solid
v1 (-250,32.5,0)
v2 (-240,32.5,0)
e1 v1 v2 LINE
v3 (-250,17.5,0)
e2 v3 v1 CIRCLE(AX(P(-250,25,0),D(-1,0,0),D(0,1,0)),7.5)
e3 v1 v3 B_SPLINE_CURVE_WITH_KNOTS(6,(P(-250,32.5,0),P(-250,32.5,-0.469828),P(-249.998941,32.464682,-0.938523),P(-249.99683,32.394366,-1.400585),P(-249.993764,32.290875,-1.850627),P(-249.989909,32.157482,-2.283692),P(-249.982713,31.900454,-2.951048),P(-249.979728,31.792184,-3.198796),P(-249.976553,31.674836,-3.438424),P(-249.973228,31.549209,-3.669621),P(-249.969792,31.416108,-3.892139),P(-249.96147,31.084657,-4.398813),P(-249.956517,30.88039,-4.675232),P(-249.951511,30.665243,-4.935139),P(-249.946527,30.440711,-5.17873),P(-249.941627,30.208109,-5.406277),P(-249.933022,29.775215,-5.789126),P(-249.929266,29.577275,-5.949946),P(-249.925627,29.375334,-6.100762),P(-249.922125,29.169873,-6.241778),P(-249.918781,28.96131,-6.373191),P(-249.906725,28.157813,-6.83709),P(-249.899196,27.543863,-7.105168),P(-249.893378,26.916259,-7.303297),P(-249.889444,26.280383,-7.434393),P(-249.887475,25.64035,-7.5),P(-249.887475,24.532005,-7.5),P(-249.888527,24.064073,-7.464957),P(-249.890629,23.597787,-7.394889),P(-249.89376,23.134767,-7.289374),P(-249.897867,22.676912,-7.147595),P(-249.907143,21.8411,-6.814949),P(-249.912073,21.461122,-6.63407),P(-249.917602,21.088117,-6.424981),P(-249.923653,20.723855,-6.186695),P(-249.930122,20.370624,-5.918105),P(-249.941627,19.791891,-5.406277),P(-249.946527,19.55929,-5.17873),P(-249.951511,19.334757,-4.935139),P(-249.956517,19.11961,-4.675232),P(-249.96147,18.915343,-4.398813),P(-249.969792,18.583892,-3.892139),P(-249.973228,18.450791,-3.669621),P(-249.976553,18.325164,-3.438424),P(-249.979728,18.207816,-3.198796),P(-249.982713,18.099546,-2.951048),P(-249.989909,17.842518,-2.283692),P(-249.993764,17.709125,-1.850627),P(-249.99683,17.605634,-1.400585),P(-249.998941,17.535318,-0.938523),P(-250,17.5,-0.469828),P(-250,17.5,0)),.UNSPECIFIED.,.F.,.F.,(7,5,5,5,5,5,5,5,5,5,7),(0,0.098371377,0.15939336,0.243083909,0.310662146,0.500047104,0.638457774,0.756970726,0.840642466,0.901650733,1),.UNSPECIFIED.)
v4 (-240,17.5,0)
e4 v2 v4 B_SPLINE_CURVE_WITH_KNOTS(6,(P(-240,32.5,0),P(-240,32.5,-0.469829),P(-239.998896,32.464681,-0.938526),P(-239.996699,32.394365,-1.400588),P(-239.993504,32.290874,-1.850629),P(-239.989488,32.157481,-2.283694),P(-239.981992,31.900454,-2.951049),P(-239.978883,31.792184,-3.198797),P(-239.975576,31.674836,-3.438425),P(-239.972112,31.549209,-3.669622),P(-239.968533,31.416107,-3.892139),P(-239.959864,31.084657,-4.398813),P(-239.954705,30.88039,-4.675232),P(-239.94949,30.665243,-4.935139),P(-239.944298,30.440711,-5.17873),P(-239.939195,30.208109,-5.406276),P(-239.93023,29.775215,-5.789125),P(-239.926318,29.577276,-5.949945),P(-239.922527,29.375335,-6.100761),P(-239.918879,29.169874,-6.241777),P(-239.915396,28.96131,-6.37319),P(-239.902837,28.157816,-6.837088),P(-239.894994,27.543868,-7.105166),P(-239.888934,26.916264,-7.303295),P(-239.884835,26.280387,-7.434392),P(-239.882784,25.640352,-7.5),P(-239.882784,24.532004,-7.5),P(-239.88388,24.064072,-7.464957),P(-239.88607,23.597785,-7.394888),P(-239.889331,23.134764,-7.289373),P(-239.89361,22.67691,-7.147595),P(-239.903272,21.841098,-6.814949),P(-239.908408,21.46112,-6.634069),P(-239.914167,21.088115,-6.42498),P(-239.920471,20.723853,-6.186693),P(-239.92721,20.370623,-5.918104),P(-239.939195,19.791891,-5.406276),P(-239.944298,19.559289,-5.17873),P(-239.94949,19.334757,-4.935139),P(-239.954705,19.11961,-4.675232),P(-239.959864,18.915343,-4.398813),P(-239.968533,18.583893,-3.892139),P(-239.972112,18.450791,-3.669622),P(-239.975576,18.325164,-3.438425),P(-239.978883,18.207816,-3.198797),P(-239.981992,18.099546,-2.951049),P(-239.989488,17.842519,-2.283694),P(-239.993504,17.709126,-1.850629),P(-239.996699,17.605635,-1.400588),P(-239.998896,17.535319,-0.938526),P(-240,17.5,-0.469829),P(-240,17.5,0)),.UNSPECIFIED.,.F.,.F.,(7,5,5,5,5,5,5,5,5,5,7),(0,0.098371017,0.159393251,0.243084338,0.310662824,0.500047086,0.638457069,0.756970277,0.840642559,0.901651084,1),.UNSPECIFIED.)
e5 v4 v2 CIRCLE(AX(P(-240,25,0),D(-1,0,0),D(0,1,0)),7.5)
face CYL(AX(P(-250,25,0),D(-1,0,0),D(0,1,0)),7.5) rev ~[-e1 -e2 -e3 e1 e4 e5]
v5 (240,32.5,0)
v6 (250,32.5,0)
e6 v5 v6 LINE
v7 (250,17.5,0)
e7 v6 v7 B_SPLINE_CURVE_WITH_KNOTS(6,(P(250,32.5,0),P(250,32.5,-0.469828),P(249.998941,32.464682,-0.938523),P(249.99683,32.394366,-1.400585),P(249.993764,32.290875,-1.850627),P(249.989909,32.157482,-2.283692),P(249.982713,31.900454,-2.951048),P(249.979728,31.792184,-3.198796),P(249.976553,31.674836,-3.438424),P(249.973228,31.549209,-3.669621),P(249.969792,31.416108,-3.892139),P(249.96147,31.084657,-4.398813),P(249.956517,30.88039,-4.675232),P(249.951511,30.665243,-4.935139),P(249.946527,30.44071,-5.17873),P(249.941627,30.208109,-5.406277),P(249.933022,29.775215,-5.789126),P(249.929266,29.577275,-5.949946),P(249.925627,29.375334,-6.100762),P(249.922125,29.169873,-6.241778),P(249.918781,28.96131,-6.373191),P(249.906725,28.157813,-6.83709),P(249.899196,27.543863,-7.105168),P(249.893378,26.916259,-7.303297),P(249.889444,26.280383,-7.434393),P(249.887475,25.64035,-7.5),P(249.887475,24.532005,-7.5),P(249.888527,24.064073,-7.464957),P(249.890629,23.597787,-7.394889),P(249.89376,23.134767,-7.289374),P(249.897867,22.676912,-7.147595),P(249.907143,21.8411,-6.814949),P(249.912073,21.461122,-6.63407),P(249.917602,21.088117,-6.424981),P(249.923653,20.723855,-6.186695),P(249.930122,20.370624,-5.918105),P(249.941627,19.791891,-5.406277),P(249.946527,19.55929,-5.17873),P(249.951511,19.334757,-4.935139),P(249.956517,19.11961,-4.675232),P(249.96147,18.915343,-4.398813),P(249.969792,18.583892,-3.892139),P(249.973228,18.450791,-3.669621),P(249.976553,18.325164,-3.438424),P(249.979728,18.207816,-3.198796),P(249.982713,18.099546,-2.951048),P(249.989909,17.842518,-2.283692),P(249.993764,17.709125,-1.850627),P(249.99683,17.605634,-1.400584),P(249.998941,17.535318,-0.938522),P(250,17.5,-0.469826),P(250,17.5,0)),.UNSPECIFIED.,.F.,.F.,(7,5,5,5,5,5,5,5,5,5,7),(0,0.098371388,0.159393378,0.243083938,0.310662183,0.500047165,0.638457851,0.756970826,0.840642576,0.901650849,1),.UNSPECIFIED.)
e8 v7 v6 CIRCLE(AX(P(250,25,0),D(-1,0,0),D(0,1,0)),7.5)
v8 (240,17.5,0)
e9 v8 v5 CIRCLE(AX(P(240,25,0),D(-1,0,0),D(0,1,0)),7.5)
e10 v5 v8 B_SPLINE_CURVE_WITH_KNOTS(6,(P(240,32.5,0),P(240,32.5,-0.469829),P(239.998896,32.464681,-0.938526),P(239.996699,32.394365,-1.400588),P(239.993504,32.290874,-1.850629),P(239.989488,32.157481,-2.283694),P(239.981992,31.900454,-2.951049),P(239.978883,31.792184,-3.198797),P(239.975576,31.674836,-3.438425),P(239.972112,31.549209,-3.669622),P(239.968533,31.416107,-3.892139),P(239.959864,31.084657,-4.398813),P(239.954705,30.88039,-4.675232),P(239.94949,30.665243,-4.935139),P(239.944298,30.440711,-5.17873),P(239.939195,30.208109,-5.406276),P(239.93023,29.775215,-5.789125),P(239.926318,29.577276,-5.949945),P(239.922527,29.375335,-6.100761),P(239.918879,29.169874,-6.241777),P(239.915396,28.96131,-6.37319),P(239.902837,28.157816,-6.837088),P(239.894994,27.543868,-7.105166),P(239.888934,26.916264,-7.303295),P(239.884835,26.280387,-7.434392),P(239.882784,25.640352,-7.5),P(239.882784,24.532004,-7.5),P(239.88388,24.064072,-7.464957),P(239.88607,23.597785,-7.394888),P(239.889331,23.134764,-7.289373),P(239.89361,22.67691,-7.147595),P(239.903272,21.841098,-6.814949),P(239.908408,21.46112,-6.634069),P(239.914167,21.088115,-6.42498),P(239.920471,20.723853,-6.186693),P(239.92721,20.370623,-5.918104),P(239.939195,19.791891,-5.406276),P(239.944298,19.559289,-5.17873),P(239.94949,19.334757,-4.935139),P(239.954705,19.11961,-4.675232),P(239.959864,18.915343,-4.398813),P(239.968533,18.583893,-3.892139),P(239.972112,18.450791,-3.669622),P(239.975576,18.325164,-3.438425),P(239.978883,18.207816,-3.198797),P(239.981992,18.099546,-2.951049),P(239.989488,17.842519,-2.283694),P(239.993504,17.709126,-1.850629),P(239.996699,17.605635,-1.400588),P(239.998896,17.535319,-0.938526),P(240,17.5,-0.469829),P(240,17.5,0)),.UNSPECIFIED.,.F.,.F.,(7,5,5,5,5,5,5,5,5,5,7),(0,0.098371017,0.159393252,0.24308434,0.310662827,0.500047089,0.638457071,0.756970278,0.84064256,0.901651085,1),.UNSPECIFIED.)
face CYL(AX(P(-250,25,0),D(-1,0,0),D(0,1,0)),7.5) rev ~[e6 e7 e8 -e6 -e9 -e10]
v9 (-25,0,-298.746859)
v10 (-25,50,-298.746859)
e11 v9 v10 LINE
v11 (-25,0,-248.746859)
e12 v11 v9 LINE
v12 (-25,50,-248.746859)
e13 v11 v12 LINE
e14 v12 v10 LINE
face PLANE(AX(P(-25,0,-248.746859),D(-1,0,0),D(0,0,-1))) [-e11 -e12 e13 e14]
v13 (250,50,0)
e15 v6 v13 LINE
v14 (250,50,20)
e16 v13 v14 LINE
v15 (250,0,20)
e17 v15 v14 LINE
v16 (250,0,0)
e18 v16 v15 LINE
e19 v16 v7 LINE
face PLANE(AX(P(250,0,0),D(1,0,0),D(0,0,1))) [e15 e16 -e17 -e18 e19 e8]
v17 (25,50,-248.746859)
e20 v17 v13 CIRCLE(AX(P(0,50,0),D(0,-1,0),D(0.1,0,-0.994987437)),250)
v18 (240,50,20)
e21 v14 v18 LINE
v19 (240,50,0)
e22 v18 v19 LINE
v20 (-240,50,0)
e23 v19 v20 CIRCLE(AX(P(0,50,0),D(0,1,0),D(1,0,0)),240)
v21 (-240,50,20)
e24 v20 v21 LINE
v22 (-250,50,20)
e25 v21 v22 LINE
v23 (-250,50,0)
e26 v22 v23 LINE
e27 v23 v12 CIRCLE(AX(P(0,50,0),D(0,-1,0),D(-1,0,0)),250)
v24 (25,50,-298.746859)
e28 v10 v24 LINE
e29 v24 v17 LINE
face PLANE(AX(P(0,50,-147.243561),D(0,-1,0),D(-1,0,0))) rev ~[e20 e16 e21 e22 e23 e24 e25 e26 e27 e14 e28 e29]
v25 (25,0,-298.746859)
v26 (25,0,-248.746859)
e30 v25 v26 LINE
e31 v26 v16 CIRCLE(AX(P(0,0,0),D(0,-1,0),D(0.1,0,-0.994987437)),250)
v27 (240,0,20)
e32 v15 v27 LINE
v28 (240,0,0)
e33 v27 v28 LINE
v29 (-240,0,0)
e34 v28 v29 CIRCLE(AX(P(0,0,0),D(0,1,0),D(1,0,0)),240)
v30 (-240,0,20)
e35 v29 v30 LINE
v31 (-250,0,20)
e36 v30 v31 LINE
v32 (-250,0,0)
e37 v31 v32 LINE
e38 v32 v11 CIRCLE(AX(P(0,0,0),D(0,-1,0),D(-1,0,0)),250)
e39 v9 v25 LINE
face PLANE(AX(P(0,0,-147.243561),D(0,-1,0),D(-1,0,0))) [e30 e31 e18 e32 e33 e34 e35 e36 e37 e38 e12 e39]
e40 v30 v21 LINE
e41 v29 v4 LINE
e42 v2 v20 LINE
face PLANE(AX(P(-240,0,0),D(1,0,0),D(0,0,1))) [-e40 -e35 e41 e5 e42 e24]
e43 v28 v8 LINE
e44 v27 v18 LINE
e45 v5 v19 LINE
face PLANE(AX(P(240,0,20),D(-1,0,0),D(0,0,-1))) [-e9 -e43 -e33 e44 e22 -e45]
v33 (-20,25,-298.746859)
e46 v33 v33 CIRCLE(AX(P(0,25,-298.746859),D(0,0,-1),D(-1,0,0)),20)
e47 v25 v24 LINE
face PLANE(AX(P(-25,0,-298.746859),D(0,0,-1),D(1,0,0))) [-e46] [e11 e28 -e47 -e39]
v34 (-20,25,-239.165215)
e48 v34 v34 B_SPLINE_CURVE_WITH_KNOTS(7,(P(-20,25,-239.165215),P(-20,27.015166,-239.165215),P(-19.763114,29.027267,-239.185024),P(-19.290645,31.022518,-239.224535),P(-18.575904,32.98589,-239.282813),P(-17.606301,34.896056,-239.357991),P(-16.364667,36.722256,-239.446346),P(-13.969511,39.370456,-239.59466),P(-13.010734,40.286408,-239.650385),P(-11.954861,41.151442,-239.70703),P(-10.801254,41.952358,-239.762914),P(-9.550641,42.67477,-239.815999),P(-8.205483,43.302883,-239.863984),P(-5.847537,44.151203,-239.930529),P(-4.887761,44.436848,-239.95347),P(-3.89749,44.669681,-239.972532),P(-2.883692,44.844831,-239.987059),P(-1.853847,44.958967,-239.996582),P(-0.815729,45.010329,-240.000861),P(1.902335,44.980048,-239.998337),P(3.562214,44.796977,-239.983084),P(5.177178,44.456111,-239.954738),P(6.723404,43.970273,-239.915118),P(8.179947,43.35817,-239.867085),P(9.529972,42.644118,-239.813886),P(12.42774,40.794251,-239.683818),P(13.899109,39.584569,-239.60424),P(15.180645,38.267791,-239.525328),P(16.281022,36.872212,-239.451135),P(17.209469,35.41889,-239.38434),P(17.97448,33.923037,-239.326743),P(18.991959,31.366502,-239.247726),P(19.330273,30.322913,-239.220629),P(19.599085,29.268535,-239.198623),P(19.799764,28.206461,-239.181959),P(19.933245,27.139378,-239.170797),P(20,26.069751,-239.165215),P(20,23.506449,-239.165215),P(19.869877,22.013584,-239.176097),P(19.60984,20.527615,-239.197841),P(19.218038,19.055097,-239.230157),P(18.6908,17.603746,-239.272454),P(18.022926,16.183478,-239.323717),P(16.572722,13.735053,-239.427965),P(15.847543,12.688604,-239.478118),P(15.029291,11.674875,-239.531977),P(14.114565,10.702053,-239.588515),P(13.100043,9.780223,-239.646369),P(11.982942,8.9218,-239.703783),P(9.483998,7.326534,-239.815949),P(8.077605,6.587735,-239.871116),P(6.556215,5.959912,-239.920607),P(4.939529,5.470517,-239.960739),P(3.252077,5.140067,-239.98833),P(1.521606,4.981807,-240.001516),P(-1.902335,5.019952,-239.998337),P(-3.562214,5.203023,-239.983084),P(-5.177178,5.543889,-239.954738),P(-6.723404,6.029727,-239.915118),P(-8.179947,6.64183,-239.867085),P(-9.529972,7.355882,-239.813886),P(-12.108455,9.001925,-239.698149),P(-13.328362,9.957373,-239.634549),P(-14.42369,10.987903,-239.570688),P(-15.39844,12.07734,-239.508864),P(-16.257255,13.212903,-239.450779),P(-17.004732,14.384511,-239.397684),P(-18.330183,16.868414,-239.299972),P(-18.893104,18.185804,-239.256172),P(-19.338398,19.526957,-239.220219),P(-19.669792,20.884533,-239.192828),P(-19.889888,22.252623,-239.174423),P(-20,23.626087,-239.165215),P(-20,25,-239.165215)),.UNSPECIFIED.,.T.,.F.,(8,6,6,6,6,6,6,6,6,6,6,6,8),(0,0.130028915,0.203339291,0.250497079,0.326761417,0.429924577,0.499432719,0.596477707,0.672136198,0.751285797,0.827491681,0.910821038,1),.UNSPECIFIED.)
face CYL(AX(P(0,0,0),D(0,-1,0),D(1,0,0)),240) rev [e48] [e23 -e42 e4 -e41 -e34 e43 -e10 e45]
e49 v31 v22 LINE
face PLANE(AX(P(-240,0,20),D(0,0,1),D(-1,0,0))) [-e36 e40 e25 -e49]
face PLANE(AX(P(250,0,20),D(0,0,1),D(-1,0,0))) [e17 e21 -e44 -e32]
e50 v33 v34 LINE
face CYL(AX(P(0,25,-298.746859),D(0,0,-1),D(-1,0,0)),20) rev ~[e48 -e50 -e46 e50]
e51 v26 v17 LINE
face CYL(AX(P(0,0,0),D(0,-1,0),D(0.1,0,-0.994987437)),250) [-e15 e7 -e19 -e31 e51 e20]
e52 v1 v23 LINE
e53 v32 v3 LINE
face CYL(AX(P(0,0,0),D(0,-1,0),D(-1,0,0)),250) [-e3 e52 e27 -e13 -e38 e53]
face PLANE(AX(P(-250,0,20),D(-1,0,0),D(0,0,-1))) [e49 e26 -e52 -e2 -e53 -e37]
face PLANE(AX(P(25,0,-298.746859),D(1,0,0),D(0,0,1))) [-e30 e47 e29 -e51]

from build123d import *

# Parameters (mm, degrees)
BOSS_EXTRUDE1_DEPTH = 50
SKETCH2_R           = 20
CUT_EXTRUDE1_DEPTH  = 409.166094009
SKETCH3_R           = 7.5
CUT_EXTRUDE2_DEPTH  = 585.593607558


with BuildPart() as part:
    # Sketch1 → Boss-Extrude1 (new body)
    with BuildSketch(Plane(origin=(0, 0, 0), x_dir=(1, 0, 0), z_dir=(0, 1, 0))):
        with BuildLine():
            Line((-25, 298.746859277), (25, 298.746859277))
            Line((25, 298.746859277), (25, 248.746859277))
            ThreePointArc((25, 248.746859277), (185.404962177, 167.705098312), (250, 0))
            Line((250, 0), (250, -20))
            Line((250, -20), (240, -20))
            Line((240, -20), (240, 0))
            ThreePointArc((240, 0), (0, 240), (-240, 0))
            Line((-240, 0), (-240, -20))
            Line((-240, -20), (-250, -20))
            Line((-250, -20), (-250, 0))
            ThreePointArc((-250, 0), (-185.404962177, 167.705098312), (-25, 248.746859277))
            Line((-25, 248.746859277), (-25, 298.746859277))
        make_face()
    extrude(amount=BOSS_EXTRUDE1_DEPTH)

    # Sketch2 → Cut-Extrude1 (cut, through all)
    with BuildSketch(Plane(origin=(0, 0, -298.746859277), x_dir=(-1, 0, 0), z_dir=(0, 0, -1))):
        with Locations((0, 25)):
            Circle(SKETCH2_R)
    extrude(amount=-CUT_EXTRUDE1_DEPTH, mode=Mode.SUBTRACT)

    # Sketch3 → Cut-Extrude2 (cut, through all)
    with BuildSketch(Plane.ZY.offset(250)):
        with Locations((0, 25)):
            Circle(SKETCH3_R)
    extrude(amount=-CUT_EXTRUDE2_DEPTH, mode=Mode.SUBTRACT)


solid = part.part
